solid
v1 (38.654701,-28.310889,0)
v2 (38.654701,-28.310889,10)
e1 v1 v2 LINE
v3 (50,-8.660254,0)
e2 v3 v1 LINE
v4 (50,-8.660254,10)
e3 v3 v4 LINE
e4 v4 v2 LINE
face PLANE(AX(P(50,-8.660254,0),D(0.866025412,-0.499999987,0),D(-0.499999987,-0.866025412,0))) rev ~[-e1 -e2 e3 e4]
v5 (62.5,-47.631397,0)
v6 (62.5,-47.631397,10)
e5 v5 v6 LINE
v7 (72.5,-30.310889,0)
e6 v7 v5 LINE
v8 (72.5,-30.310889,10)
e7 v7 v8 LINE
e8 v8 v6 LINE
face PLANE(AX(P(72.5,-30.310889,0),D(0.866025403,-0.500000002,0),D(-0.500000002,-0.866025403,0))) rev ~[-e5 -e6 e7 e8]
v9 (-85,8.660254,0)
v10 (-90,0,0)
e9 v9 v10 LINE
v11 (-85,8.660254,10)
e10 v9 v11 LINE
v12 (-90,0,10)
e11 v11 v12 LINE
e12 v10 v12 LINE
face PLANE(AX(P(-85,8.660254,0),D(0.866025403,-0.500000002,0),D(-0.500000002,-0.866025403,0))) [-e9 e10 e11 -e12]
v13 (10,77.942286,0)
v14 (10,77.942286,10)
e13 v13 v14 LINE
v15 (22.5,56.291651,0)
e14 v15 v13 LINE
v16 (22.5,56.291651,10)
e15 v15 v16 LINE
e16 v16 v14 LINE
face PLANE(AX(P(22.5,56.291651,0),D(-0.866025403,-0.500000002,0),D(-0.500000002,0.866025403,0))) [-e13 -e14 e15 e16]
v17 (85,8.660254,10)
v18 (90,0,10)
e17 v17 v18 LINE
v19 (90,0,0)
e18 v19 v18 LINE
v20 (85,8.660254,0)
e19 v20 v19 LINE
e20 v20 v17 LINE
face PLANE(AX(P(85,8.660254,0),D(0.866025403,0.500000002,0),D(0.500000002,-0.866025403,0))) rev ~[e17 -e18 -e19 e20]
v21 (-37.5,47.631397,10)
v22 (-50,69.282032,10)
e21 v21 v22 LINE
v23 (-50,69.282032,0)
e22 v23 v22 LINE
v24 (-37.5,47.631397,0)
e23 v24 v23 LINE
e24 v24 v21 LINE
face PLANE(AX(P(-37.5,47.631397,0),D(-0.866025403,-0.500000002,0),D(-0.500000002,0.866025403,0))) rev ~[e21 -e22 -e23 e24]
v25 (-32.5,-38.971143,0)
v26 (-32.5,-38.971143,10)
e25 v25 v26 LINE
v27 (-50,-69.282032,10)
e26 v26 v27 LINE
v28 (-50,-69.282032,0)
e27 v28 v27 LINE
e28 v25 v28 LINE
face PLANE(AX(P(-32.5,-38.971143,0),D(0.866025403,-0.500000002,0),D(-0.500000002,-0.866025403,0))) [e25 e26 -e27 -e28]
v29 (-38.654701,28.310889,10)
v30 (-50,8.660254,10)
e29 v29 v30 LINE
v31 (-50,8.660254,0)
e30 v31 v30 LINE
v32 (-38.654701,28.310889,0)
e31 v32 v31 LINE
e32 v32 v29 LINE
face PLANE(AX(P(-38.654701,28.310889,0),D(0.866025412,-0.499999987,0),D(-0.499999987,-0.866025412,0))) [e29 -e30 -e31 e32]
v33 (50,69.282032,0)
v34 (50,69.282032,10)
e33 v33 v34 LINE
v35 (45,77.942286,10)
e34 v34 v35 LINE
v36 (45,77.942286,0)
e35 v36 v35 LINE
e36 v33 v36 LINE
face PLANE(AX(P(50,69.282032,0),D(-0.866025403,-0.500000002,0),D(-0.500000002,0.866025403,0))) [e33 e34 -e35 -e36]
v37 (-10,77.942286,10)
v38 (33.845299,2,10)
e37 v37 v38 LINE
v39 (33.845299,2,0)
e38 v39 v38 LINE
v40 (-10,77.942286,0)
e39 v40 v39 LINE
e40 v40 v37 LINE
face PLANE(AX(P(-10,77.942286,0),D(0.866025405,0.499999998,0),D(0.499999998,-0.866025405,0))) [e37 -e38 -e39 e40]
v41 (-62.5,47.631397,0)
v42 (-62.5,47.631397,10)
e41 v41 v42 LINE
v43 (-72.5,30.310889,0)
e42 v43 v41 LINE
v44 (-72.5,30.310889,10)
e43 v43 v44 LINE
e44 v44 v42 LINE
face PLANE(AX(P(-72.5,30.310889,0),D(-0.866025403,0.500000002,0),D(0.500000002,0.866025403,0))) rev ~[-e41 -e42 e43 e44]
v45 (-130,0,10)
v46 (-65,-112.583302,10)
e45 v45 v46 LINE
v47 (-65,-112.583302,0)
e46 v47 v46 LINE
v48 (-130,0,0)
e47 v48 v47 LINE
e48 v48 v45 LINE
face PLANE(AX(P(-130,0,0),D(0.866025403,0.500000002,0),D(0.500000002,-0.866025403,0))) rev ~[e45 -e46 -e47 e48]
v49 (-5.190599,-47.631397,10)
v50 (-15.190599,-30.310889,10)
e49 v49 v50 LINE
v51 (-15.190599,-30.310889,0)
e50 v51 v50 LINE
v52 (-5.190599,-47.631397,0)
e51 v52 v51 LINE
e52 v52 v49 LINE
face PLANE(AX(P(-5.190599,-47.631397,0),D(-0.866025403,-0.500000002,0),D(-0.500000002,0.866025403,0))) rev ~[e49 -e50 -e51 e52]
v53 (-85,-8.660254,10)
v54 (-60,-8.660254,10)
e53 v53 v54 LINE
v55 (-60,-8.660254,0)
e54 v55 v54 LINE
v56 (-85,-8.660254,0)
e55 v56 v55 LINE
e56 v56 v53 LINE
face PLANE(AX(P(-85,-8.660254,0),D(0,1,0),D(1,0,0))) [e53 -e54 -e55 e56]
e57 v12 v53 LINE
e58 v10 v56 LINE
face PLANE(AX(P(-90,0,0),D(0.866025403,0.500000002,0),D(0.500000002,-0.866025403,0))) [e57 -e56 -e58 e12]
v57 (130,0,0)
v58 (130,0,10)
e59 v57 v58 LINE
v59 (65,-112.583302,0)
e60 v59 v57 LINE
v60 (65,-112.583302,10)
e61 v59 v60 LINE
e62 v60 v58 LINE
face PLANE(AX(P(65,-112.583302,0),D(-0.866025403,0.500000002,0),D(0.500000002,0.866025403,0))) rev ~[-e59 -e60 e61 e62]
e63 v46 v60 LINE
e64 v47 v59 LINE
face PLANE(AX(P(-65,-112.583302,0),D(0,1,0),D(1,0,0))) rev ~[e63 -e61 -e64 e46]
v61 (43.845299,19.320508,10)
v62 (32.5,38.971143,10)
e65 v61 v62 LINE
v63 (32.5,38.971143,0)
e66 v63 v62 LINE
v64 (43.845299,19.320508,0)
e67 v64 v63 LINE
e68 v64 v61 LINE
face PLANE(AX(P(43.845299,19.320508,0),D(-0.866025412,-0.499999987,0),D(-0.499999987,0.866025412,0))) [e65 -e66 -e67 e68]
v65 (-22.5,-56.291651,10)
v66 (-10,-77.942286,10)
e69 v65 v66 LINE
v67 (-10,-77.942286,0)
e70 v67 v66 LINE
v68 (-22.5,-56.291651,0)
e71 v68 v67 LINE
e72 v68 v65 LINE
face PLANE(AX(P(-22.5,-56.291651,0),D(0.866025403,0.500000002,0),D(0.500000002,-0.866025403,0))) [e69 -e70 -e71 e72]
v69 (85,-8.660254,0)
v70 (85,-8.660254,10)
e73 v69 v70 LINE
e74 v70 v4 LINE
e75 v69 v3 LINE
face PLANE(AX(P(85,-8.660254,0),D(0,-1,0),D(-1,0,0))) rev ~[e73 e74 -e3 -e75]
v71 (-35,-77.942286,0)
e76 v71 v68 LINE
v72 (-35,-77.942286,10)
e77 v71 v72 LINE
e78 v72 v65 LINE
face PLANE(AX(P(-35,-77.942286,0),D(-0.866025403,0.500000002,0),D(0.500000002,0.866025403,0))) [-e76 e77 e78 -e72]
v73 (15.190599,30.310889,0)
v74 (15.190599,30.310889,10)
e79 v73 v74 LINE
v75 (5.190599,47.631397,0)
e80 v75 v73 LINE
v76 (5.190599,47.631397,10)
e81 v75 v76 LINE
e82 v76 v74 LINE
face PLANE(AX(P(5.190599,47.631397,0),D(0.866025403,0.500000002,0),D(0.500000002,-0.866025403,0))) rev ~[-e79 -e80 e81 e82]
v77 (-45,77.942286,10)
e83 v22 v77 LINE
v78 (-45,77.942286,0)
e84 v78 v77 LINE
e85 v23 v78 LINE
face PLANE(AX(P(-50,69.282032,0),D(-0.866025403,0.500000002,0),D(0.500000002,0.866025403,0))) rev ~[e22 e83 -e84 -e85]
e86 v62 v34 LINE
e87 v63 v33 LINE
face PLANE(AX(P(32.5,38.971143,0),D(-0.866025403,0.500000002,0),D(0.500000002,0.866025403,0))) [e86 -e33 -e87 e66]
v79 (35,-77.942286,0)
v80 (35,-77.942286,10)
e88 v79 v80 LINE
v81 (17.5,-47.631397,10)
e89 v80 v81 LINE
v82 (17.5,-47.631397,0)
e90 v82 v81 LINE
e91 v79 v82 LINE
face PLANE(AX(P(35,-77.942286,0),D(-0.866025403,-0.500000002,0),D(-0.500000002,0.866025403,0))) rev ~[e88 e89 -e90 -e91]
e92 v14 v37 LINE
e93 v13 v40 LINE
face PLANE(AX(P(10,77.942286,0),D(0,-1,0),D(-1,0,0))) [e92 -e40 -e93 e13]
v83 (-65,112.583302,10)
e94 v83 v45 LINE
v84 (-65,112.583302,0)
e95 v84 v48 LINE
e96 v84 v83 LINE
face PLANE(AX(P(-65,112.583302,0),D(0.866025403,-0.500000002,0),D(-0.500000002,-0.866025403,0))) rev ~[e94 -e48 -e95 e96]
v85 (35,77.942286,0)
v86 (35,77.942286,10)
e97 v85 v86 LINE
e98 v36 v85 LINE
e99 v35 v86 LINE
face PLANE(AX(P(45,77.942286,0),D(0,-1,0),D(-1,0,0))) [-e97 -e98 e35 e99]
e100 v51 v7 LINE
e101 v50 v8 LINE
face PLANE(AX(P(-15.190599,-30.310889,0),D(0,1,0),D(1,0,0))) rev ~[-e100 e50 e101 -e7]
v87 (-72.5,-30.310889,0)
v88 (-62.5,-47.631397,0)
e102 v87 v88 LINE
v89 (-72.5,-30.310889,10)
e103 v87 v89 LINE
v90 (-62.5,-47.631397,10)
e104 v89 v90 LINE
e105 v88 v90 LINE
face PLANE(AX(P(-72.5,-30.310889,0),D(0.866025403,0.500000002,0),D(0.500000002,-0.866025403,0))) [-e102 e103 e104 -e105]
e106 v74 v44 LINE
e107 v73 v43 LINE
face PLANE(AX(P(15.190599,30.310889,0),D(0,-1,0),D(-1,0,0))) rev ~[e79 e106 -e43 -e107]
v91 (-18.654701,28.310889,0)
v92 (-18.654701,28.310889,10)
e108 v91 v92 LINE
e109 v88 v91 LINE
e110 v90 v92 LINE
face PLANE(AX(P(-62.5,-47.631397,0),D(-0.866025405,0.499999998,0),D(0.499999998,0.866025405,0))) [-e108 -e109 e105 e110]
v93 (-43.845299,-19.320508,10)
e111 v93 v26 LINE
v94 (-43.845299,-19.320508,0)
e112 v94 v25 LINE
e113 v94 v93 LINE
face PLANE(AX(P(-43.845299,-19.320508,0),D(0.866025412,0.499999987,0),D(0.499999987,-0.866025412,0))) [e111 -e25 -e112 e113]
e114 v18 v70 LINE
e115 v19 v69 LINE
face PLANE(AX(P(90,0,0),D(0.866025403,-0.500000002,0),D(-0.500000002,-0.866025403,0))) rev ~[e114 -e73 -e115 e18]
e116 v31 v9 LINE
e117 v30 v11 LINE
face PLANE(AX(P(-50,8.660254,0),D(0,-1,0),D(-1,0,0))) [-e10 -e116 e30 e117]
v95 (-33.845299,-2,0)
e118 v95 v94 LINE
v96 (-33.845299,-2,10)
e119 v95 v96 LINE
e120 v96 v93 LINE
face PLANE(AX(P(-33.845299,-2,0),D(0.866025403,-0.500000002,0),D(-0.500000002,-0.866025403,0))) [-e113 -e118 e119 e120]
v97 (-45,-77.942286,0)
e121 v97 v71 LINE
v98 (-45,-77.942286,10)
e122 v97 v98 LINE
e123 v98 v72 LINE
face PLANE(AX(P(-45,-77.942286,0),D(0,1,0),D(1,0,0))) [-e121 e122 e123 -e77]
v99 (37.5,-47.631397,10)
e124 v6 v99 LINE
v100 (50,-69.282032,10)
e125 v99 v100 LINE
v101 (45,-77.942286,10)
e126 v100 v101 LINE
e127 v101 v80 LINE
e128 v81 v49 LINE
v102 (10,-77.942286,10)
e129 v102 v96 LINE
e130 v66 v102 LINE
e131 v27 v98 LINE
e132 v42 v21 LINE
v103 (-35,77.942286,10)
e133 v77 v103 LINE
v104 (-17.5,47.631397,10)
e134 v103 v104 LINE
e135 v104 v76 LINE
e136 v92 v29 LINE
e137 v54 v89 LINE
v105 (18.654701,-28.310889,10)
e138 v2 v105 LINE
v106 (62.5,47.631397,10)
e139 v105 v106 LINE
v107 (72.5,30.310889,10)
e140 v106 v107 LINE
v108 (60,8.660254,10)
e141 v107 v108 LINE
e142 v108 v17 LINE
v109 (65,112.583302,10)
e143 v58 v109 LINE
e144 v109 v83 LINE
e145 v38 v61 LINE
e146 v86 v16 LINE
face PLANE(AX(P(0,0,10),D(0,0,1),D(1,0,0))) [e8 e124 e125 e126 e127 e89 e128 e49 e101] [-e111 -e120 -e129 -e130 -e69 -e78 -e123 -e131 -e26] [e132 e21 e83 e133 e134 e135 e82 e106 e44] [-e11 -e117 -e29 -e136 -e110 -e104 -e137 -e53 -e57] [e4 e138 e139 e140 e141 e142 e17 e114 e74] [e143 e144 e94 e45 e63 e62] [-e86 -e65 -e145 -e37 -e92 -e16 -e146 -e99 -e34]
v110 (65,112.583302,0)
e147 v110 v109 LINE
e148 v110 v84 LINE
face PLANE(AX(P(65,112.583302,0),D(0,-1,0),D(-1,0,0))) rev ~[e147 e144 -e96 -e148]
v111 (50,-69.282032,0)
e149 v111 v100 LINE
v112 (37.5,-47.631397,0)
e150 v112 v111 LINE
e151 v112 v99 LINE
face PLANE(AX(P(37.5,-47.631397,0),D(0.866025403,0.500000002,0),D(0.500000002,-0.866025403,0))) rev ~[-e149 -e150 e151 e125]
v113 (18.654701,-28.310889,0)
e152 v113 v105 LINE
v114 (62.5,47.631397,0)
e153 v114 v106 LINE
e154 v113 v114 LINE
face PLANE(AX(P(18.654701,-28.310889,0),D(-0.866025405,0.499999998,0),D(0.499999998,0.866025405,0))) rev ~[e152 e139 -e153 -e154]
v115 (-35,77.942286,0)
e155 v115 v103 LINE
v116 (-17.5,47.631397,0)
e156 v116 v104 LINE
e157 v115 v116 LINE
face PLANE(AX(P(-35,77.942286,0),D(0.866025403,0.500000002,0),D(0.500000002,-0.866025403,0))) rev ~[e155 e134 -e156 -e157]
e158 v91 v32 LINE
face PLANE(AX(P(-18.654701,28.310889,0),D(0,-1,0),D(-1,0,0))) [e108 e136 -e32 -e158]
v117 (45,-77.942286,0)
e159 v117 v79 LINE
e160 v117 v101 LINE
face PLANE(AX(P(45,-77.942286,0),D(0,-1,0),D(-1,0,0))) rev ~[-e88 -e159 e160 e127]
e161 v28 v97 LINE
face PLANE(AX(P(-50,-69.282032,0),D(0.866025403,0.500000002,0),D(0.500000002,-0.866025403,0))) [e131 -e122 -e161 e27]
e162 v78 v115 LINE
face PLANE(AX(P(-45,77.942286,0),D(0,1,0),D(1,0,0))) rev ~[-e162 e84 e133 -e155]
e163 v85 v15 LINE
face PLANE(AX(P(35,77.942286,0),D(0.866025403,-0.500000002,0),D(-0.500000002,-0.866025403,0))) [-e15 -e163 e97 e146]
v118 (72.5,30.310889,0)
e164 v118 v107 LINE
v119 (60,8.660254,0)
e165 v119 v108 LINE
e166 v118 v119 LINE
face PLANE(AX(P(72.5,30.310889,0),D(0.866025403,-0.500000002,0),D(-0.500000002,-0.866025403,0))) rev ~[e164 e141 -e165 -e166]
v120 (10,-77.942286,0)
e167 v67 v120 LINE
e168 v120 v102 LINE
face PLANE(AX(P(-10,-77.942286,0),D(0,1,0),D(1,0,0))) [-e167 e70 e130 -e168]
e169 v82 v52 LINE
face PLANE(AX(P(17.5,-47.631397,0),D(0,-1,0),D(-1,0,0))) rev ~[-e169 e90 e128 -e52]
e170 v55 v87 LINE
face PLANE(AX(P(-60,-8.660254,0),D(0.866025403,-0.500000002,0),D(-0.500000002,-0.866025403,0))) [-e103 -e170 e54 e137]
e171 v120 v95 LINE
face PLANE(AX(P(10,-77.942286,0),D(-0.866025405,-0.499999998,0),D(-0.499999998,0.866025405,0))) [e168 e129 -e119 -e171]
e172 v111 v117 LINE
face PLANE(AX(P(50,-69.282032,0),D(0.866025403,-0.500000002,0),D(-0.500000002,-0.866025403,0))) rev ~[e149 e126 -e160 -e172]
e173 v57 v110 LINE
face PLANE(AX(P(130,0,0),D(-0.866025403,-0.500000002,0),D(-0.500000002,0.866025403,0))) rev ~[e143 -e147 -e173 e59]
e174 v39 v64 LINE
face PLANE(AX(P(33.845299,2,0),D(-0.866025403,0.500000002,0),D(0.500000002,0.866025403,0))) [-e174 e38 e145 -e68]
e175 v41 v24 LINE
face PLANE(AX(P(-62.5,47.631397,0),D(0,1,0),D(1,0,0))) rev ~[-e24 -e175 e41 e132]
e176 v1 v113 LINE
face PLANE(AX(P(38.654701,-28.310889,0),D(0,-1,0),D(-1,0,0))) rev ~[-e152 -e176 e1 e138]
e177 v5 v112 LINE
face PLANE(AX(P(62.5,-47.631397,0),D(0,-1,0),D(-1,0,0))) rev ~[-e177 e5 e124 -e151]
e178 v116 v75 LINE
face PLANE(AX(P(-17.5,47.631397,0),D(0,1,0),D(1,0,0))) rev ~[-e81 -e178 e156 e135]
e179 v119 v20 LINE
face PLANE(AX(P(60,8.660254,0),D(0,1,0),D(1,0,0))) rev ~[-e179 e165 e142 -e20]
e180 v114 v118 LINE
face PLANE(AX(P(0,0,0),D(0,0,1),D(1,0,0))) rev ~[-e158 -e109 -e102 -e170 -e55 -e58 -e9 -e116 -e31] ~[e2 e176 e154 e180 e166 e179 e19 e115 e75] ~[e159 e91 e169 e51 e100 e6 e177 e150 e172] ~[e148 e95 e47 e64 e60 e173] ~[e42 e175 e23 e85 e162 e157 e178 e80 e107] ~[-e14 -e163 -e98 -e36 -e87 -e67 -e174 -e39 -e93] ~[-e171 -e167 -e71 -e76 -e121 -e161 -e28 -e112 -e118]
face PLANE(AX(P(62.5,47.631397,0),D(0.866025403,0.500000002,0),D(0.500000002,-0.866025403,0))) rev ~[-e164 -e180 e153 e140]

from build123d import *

# Parameters (mm, degrees)
PAD_DEPTH = 10


with BuildPart() as part:
    # Sketch → Pad (new body)
    with BuildSketch(Plane.XY):
        Polygon((130, 0), (65, 112.583302), (-65, 112.583302), (-130, 0), (-65, -112.583302), (65, -112.583302), align=None)
        Polygon((35, 77.942286), (22.5, 56.291651), (10, 77.942286), (-10, 77.942286), (33.845299, 2), (43.845299, 19.320508), (32.5, 38.971143), (50, 69.282032), (45, 77.942286), align=None, mode=Mode.SUBTRACT)
        Polygon((85, -8.660254), (50, -8.660254), (38.654701, -28.310889), (18.654701, -28.310889), (62.5, 47.631397), (72.5, 30.310889), (60, 8.660254), (85, 8.660254), (90, 0), align=None, mode=Mode.SUBTRACT)
        Polygon((35, -77.942286), (17.5, -47.631397), (-5.190599, -47.631397), (-15.190599, -30.310889), (72.5, -30.310889), (62.5, -47.631397), (37.5, -47.631397), (50, -69.282032), (45, -77.942286), align=None, mode=Mode.SUBTRACT)
        Polygon((-85, -8.660254), (-60, -8.660254), (-72.5, -30.310889), (-62.5, -47.631397), (-18.654701, 28.310889), (-38.654701, 28.310889), (-50, 8.660254), (-85, 8.660254), (-90, 0), align=None, mode=Mode.SUBTRACT)
        Polygon((-50, 69.282032), (-45, 77.942286), (-35, 77.942286), (-17.5, 47.631397), (5.190599, 47.631397), (15.190599, 30.310889), (-72.5, 30.310889), (-62.5, 47.631397), (-37.5, 47.631397), align=None, mode=Mode.SUBTRACT)
        Polygon((-35, -77.942286), (-22.5, -56.291651), (-10, -77.942286), (10, -77.942286), (-33.845299, -2), (-43.845299, -19.320508), (-32.5, -38.971143), (-50, -69.282032), (-45, -77.942286), align=None, mode=Mode.SUBTRACT)
    extrude(amount=PAD_DEPTH)


solid = part.part
